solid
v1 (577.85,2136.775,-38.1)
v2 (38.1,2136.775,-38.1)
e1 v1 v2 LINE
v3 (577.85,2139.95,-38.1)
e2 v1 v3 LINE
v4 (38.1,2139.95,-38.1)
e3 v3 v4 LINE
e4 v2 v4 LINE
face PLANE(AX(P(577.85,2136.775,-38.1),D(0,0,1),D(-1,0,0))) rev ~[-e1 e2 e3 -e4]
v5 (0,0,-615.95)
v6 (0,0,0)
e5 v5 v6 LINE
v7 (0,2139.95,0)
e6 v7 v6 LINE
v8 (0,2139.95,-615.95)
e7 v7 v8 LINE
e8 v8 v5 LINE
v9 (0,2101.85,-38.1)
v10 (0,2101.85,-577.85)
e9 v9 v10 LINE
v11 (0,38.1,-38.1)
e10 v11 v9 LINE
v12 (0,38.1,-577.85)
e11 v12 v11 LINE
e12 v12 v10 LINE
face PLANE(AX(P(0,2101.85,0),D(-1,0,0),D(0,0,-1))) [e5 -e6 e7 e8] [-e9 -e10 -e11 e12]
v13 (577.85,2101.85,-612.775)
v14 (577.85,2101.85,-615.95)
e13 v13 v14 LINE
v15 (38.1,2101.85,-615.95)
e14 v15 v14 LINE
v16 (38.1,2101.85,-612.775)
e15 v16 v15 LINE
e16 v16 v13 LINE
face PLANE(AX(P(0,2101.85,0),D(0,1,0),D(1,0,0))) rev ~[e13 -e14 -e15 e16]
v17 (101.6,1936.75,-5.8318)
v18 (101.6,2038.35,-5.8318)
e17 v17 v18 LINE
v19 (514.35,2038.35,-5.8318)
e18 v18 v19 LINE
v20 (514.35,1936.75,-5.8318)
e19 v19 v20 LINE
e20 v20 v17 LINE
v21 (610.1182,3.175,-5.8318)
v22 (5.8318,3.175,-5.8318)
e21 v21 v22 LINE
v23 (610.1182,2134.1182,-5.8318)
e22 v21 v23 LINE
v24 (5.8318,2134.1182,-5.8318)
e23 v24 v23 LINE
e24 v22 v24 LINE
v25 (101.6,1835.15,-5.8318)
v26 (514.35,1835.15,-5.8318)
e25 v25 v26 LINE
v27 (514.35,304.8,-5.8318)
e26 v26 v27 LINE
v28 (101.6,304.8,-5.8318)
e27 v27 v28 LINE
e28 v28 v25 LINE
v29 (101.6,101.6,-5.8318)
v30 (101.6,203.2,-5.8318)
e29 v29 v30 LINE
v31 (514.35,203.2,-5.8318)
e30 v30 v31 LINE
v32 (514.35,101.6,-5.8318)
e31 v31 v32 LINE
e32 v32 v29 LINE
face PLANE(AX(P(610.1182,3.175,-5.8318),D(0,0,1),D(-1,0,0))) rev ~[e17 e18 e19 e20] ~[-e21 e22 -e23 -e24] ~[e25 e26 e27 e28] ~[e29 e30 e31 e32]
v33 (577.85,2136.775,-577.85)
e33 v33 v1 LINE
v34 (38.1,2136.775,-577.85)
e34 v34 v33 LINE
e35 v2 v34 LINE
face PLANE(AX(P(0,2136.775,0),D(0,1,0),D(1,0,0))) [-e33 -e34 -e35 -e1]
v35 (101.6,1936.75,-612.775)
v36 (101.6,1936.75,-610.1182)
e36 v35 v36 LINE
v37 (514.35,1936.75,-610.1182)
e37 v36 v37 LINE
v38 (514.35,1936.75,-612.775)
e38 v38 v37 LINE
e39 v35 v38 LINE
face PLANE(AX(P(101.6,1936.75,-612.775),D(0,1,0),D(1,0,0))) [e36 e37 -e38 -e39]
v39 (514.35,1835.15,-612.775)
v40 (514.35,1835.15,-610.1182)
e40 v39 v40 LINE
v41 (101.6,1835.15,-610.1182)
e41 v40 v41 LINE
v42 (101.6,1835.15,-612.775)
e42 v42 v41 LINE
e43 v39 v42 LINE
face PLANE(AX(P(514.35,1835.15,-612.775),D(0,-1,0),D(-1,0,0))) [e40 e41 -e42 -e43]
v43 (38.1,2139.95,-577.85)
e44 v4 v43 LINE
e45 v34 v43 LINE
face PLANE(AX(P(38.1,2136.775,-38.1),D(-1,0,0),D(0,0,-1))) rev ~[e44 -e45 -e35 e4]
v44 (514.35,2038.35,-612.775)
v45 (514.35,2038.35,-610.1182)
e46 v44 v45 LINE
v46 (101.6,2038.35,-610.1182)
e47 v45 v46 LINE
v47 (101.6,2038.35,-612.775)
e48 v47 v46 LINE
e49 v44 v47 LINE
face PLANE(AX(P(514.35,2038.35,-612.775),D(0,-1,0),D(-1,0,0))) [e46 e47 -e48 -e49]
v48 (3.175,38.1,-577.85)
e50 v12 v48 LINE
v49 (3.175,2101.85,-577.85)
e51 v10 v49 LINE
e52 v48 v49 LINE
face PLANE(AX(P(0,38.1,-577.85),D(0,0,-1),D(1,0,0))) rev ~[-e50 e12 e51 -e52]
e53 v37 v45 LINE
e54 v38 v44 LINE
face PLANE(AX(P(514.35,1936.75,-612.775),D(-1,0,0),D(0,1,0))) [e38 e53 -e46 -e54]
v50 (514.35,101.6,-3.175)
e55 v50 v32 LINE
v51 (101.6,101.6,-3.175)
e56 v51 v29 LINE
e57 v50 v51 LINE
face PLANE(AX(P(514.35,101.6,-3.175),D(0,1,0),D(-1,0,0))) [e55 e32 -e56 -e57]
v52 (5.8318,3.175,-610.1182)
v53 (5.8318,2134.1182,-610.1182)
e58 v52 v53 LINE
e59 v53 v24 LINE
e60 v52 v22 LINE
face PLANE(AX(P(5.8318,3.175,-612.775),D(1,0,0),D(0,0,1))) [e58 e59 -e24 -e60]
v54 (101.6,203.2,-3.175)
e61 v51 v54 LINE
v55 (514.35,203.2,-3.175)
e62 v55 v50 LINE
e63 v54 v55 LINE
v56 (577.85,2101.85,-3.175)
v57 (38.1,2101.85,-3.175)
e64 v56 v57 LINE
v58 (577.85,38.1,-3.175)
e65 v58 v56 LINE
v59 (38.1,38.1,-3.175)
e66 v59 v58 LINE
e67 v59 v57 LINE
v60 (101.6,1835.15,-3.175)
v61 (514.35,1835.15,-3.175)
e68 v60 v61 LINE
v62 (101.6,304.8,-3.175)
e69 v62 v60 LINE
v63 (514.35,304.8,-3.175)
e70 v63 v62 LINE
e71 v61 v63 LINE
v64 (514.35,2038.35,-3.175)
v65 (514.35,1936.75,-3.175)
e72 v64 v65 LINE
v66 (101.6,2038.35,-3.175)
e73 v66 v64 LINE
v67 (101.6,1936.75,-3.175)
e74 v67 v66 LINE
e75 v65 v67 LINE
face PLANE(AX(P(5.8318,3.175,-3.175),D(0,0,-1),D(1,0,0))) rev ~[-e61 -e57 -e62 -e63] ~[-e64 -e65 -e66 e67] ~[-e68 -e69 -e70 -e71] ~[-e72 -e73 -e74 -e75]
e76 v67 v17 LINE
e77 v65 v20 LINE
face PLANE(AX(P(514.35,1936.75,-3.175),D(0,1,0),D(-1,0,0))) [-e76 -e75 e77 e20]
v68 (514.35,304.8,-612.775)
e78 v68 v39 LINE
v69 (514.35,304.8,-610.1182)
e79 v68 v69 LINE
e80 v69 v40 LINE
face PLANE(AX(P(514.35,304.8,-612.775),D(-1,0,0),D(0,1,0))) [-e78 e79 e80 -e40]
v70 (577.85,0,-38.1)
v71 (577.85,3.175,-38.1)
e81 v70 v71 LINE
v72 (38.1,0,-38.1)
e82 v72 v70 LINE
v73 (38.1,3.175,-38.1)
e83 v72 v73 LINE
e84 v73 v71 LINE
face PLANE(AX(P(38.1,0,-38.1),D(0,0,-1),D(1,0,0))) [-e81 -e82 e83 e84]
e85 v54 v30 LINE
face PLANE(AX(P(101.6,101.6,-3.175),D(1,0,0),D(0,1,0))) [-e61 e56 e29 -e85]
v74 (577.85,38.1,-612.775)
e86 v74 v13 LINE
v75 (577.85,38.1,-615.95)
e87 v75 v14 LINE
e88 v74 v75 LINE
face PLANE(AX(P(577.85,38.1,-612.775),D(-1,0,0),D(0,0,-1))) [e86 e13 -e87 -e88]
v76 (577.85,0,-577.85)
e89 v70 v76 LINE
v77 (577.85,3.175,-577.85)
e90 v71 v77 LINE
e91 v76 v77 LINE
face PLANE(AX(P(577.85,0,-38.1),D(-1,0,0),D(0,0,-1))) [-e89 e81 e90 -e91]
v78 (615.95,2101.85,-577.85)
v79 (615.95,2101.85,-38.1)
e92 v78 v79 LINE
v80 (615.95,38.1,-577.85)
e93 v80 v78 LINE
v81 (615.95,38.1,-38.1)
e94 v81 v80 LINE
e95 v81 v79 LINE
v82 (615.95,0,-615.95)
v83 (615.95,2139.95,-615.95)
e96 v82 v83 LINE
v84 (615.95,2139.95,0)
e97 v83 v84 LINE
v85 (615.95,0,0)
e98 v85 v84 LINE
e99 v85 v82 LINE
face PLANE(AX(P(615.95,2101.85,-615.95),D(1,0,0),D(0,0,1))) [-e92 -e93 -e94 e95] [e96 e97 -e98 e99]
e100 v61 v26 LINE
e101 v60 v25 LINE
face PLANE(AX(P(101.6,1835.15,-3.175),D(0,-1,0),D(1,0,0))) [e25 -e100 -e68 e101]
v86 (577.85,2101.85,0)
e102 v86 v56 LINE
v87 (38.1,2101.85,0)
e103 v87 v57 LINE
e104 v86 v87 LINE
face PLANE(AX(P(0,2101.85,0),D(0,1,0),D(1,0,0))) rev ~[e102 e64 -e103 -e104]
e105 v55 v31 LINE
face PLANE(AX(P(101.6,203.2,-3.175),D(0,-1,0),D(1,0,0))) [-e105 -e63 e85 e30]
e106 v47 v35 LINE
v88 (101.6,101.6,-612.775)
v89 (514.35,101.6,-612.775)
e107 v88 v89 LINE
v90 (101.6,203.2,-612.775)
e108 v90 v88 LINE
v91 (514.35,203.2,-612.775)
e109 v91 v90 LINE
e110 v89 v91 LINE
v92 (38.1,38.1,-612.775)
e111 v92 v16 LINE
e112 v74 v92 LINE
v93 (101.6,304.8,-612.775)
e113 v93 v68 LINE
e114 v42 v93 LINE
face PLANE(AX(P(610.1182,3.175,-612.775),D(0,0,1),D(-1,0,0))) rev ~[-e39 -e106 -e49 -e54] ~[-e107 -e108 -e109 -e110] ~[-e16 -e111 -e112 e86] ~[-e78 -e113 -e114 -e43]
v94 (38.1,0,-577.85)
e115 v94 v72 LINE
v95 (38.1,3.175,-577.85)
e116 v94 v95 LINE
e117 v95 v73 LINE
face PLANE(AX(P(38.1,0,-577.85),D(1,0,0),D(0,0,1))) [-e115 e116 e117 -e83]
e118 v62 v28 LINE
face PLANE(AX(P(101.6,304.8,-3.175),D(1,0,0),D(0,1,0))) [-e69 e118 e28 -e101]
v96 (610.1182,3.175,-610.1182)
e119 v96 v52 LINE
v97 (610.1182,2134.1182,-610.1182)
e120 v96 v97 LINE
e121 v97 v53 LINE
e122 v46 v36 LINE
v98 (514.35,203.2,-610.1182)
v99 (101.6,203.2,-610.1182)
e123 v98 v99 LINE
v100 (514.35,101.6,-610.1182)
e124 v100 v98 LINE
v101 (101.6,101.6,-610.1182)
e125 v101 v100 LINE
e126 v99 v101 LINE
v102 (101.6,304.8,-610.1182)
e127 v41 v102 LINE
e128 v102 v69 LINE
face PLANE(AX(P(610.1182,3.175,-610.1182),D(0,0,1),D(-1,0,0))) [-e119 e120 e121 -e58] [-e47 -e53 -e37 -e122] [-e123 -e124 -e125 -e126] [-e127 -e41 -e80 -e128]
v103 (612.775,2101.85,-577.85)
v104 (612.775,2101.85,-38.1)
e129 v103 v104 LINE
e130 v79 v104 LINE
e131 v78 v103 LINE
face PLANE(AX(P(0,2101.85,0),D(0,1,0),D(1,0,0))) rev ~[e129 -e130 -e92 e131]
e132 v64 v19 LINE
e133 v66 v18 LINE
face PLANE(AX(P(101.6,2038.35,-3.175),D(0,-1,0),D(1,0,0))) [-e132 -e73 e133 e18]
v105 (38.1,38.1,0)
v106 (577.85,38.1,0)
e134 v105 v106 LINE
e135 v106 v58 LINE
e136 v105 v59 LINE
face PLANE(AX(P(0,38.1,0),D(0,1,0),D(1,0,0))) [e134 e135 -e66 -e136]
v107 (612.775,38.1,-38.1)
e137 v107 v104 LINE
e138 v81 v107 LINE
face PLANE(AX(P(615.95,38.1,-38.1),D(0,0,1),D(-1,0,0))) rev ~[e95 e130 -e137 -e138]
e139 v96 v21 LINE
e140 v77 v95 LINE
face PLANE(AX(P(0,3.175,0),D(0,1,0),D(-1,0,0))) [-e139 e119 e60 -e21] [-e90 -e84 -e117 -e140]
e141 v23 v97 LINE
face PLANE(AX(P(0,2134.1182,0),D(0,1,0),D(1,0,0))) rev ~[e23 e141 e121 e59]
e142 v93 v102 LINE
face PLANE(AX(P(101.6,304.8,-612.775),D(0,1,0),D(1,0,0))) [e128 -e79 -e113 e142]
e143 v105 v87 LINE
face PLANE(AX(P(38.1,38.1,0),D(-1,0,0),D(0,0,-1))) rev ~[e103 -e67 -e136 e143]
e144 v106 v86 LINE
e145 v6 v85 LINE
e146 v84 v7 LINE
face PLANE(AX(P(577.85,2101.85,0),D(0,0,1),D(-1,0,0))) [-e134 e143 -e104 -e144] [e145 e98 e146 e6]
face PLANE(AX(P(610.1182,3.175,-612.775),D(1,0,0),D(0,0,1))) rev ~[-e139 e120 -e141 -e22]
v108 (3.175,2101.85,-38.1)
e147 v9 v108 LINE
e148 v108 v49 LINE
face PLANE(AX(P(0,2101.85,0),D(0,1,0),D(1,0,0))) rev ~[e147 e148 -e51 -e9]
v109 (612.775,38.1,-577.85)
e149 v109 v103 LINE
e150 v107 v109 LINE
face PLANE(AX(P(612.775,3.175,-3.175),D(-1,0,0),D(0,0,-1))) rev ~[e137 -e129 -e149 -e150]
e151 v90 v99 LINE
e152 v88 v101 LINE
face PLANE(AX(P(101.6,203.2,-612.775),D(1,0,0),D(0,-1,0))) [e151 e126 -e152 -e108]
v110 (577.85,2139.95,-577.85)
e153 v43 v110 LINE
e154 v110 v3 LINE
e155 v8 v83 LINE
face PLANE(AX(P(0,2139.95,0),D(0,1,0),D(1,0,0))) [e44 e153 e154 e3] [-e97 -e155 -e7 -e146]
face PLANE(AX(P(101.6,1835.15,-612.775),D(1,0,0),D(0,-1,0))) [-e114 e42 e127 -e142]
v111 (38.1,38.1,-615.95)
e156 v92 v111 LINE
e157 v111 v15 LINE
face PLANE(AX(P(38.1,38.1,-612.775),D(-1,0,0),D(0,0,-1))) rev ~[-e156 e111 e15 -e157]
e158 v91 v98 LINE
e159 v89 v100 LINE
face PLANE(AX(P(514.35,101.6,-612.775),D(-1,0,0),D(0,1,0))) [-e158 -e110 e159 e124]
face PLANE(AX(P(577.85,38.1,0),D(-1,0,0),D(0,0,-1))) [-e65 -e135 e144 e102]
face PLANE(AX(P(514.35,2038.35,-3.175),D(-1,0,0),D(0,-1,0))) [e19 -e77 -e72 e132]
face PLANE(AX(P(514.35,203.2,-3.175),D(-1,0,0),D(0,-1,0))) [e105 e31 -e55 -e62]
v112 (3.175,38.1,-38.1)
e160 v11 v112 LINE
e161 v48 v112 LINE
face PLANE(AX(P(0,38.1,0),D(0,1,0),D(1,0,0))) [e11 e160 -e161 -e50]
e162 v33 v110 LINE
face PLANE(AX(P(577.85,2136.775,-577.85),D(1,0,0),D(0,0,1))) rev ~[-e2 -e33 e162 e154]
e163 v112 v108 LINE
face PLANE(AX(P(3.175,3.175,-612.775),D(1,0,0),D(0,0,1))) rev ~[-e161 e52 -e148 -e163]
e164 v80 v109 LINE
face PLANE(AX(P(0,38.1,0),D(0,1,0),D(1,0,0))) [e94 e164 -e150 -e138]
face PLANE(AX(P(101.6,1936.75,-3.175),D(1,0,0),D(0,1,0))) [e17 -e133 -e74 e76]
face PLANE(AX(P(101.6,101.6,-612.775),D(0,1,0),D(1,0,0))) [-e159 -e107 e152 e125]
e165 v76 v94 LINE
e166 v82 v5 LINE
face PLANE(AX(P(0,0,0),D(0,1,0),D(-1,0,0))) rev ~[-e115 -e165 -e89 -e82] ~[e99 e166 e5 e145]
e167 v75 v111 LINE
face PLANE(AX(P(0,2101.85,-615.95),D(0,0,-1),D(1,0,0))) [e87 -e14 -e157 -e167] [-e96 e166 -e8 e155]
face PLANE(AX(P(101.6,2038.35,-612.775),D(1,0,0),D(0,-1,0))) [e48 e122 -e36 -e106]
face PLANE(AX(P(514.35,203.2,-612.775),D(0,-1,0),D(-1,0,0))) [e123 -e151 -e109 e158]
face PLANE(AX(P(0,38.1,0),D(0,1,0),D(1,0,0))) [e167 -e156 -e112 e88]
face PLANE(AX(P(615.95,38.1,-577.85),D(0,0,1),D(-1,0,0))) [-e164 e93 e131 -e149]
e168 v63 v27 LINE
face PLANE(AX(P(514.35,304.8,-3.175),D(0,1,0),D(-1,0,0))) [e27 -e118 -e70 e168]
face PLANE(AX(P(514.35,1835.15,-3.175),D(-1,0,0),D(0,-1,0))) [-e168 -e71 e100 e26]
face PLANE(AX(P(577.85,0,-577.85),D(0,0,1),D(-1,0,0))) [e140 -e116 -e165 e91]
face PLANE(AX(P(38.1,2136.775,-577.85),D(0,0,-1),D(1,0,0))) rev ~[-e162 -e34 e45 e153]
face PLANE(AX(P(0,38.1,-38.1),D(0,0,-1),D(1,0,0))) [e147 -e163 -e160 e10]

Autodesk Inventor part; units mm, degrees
ref_plane "YZ Plane" through (0, 0, 0) normal (1, 0, 0) x (0, 1, 0)
ref_plane "XZ Plane" through (0, 0, 0) normal (0, 1, 0) x (-1, 0, 0)
sketch "Sketch1" plane through (0, 0, 0) normal (0, 1, 0) x (-1, 0, 0)
  line L0 (0, 0) -> (-615.95, 0)
  line L1 (-615.95, 0) -> (-615.95, -615.95)
  line L2 (-615.95, -615.95) -> (0, -615.95)
  line L3 (0, -615.95) -> (0, 0)
  line L4 (-38.1, -38.1) -> (-577.85, -38.1)
  line L5 (-577.85, -38.1) -> (-577.85, -577.85)
  line L6 (-577.85, -577.85) -> (-38.1, -577.85)
  line L7 (-38.1, -577.85) -> (-38.1, -38.1)
  dimension "d0" = 615.95
  dimension "d2" = 615.95
  dimension "d3" = 38.1
  dimension "d4" = 38.1
  dimension "d5" = 38.1
  dimension "d6" = 38.1
extrude "Extrusion1" add sketch "Sketch1" along normal blind 3.175
sketch "Sketch2" plane through (0, 3.175, 0) normal (0, 1, 0) x (1, 0, 0)
  line L0 (0, 0) -> (615.95, 0) projected
  line L1 (615.95, 0) -> (615.95, 615.95) projected
  line L2 (0, 0) -> (615.95, 0)
  line L3 (615.95, 0) -> (615.95, 615.95)
  line L4 (615.95, 615.95) -> (0, 615.95)
  line L5 (0, 615.95) -> (0, 0)
  line L6 (3.175, 3.175) -> (612.775, 3.175)
  line L7 (612.775, 3.175) -> (612.775, 612.775)
  line L8 (612.775, 612.775) -> (3.175, 612.775)
  line L9 (3.175, 612.775) -> (3.175, 3.175)
  dimension "d9" = 3.175
  dimension "d11" = 3.175
  dimension "d12" = 3.175
  dimension "d13" = 3.175
extrude "Extrusion2" add sketch "Sketch2" along normal blind 34.925
sketch "Sketch3" plane through (0, 38.1, 0) normal (0, 1, 0) x (1, 0, 0)
  line L0 (3.175, 3.175) -> (3.175, 612.775) projected
  line L1 (612.775, 3.175) -> (3.175, 3.175) projected
  line L2 (0, 0) -> (615.95, 0) projected
  line L3 (0, 615.95) -> (0, 0) projected
  line L4 (3.175, 3.175) -> (3.175, 38.1)
  line L5 (0, 38.1) -> (0, 0)
  line L6 (38.1, 0) -> (38.1, 3.175)
  line L7 (0, 38.1) -> (3.175, 38.1)
  dimension "d16" = 38.1
  dimension "d17" = 38.1
  dimension "d18" = 38.1
extrude "Extrusion3" add sketch "Sketch3" along normal blind 2063.75
sketch "Sketch4" plane through (0, 38.1, 0) normal (0, 1, 0) x (1, 0, 0)
  line L0 (612.775, 612.775) -> (612.775, 3.175) projected
  line L1 (612.775, 3.175) -> (38.1, 3.175) projected
  line L2 (38.1, 0) -> (615.95, 0) projected
  line L3 (615.95, 0) -> (615.95, 615.95) projected
  line L4 (612.775, 3.175) -> (577.85, 3.175)
  line L5 (577.85, 0) -> (615.95, 0)
  line L6 (615.95, 38.1) -> (612.775, 38.1)
  line L7 (577.85, 0) -> (577.85, 3.175)
  point P0 (0, 0)
  dimension "d21" = 38.1
  dimension "d22" = 38.1
  dimension "d23" = 34.925
extrude "Extrusion4" add sketch "Sketch4" along normal blind 2063.75
sketch "Sketch5" plane through (0, 38.1, 0) normal (0, 1, 0) x (1, 0, 0)
  line L0 (615.95, 38.1) -> (615.95, 615.95) projected
  line L1 (615.95, 615.95) -> (0, 615.95) projected
  line L2 (3.175, 612.775) -> (612.775, 612.775) projected
  line L3 (612.775, 612.775) -> (612.775, 38.1) projected
  line L4 (612.775, 612.775) -> (577.85, 612.775)
  line L5 (577.85, 615.95) -> (615.95, 615.95)
  line L6 (615.95, 577.85) -> (612.775, 577.85)
  line L7 (577.85, 612.775) -> (577.85, 615.95)
  point P0 (0, 0)
  dimension "d26" = 38.1
  dimension "d27" = 38.1
  dimension "d28" = 38.1
extrude "Extrusion5" add sketch "Sketch5" along normal blind 2063.75
sketch "Sketch6" plane through (0, 38.1, 0) normal (0, 1, 0) x (1, 0, 0)
  line L0 (577.85, 615.95) -> (0, 615.95) projected
  line L1 (0, 615.95) -> (0, 38.1) projected
  line L2 (3.175, 38.1) -> (3.175, 612.775) projected
  line L3 (3.175, 612.775) -> (577.85, 612.775) projected
  line L4 (0, 615.95) -> (0, 577.85)
  line L5 (3.175, 577.85) -> (3.175, 612.775)
  line L6 (38.1, 612.775) -> (38.1, 615.95)
  line L7 (0, 577.85) -> (3.175, 577.85)
  point P0 (0, 0)
  dimension "d31" = 38.1
  dimension "d32" = 38.1
  dimension "d33" = 38.1
extrude "Extrusion6" add sketch "Sketch6" along normal blind 2063.75
sketch "Sketch7" plane through (0, 3.175, 0) normal (0, 1, 0) x (1, 0, 0)
  line L0 (3.175, 612.775) -> (3.175, 3.175) projected
  line L1 (3.175, 612.775) -> (5.8318, 612.775)
  line L2 (5.8318, 612.775) -> (5.8318, 3.175)
  line L3 (5.8318, 3.175) -> (3.175, 3.175)
  line L4 (3.175, 3.175) -> (3.175, 612.775)
  point P0 (0, 0)
  dimension "d36" = 609.6
  dimension "d38" = 2.6568
extrude "Extrusion7" add sketch "Sketch7" along normal blind 2133.6
sketch "Sketch8" plane through (0, 3.175, 0) normal (0, 1, 0) x (1, 0, 0)
  line L0 (612.775, 3.175) -> (612.775, 612.775) projected
  line L1 (612.775, 612.775) -> (610.1182, 612.775)
  line L2 (610.1182, 612.775) -> (610.1182, 3.175)
  line L3 (610.1182, 3.175) -> (612.775, 3.175)
  line L4 (612.775, 3.175) -> (612.775, 612.775)
  point P0 (0, 0)
  dimension "d41" = 609.6
  dimension "d43" = 2.6568
extrude "Extrusion8" add sketch "Sketch8" along normal blind 2133.6
sketch "Sketch9" plane through (0, 3.175, 0) normal (0, 1, 0) x (1, 0, 0)
  line L0 (610.1182, 612.775) -> (5.8318, 612.775) projected
  line L1 (5.8318, 612.775) -> (610.1182, 612.775)
  line L2 (610.1182, 612.775) -> (610.1182, 610.1182)
  line L3 (610.1182, 610.1182) -> (5.8318, 610.1182)
  line L4 (5.8318, 610.1182) -> (5.8318, 612.775)
  point P0 (0, 0)
  dimension "d46" = 604.2863
  dimension "d48" = 2.6568
extrude "Extrusion9" add sketch "Sketch9" along normal blind 2133.6
sketch "Sketch10" plane through (0, 3.175, 0) normal (0, 1, 0) x (1, 0, 0)
  line L0 (5.8318, 3.175) -> (610.1182, 3.175) projected
  line L1 (5.8318, 3.175) -> (610.1182, 3.175)
  line L2 (610.1182, 3.175) -> (610.1182, 5.8318)
  line L3 (610.1182, 5.8318) -> (5.8318, 5.8318)
  line L4 (5.8318, 5.8318) -> (5.8318, 3.175)
  point P0 (0, 0)
  dimension "d51" = 604.2863
  dimension "d53" = 2.6568
extrude "Extrusion10" add sketch "Sketch10" along normal blind 2133.6
sketch "Sketch11" plane through (0, 2101.85, 0) normal (0, 1, 0) x (1, 0, 0)
  line L0 (577.85, 0) -> (615.95, 0) projected
  line L1 (612.775, 38.1) -> (612.775, 3.175) projected
  line L2 (615.95, 0) -> (0, 0)
  line L3 (0, 0) -> (0, 615.95)
  line L4 (0, 615.95) -> (615.95, 615.95)
  line L5 (615.95, 615.95) -> (615.95, 0)
  line L6 (612.775, 3.175) -> (3.175, 3.175)
  line L7 (3.175, 3.175) -> (3.175, 612.775)
  line L8 (3.175, 612.775) -> (612.775, 612.775)
  line L9 (612.775, 612.775) -> (612.775, 3.175)
  point P0 (0, 0)
  dimension "d56" = 615.95
  dimension "d58" = 615.95
  dimension "d59" = 609.6
  dimension "d60" = 609.6
extrude "Extrusion11" add sketch "Sketch11" along normal blind 38.1
sketch "Sketch12" plane through (0, 2136.775, 0) normal (0, 1, 0) x (1, 0, 0)
  line L0 (3.175, 612.775) -> (3.175, 3.175) projected
  line L1 (3.175, 612.775) -> (612.775, 612.775)
  line L2 (612.775, 612.775) -> (612.775, 3.175)
  line L3 (612.775, 3.175) -> (3.175, 3.175)
  line L4 (3.175, 3.175) -> (3.175, 612.775)
  line L5 (38.1, 577.85) -> (577.85, 577.85)
  line L6 (577.85, 577.85) -> (577.85, 38.1)
  line L7 (577.85, 38.1) -> (38.1, 38.1)
  line L8 (38.1, 38.1) -> (38.1, 577.85)
  line L9 (0, 615.95) -> (0, 0) projected
  line L10 (615.95, 615.95) -> (0, 615.95) projected
  dimension "d63" = 609.6
  dimension "d65" = 609.6
  dimension "d66" = 38.1
  dimension "d67" = 38.1
  dimension "d68" = 539.75
  dimension "d69" = 539.75
extrude "Extrusion12" add sketch "Sketch12" along normal blind 3.175
ref_plane "Work Plane1" through (0, 2134.1182, 0) normal (0, 1, 0) x (1, 0, 0)
sketch "Sketch13" plane through (0, 2134.1182, 0) normal (0, 1, 0) x (1, 0, 0)
  line L0 (5.8318, 5.8318) -> (610.1182, 5.8318)
  line L1 (610.1182, 5.8318) -> (610.1182, 610.1182)
  line L2 (610.1182, 610.1182) -> (5.8318, 610.1182)
  line L3 (5.8318, 610.1182) -> (5.8318, 5.8318)
  line L4 (0, 0) -> (615.95, 0) projected
  line L5 (0, 615.95) -> (0, 0) projected
  dimension "d73" = 5.8318
  dimension "d74" = 5.8318
  dimension "d75" = 604.2863
  dimension "d76" = 604.2863
extrude "Extrusion13" add sketch "Sketch13" along normal blind 2.6568
sketch "Sketch14" plane through (38.1, 38.1, -3.175) normal (0, 0, 1) x (1, 0, 0)
  line L0 (539.75, 2063.75) -> (0, 2063.75) projected
  line L1 (0, 0) -> (0, 2063.75) projected
  line L2 (539.75, 0) -> (0, 0) projected
  line L3 (539.75, 0) -> (539.75, 2063.75) projected
  line L4 (63.5, 2000.25) -> (476.25, 2000.25)
  line L5 (476.25, 2000.25) -> (476.25, 1898.65)
  line L6 (476.25, 1898.65) -> (63.5, 1898.65)
  line L7 (63.5, 1898.65) -> (63.5, 2000.25)
  line L8 (63.5, 1797.05) -> (476.25, 1797.05)
  line L9 (476.25, 1797.05) -> (476.25, 266.7)
  line L10 (476.25, 266.7) -> (63.5, 266.7)
  line L11 (63.5, 266.7) -> (63.5, 1797.05)
  line L12 (63.5, 165.1) -> (476.25, 165.1)
  line L13 (476.25, 165.1) -> (476.25, 63.5)
  line L14 (476.25, 63.5) -> (63.5, 63.5)
  line L15 (63.5, 63.5) -> (63.5, 165.1)
  point P0 (-38.1, -38.1)
  dimension "d79" = 63.5
  dimension "d80" = 63.5
  dimension "d81" = 63.5
  dimension "d82" = 101.6
  dimension "d83" = 101.6
  dimension "d84" = 0
  dimension "d85" = 0
  dimension "d86" = 63.5
  dimension "d87" = 101.6
  dimension "d88" = 101.6
  dimension "d89" = 0
  dimension "d90" = 0
extrude "Extrusion14" cut sketch "Sketch14" against normal blind 2.6568 contours L4 L5 L6 L7 | L8 L9 L10 L11 | L12 L13 L14 L15
sketch "Sketch15" plane through (577.85, 38.1, -612.775) normal (0, 0, -1) x (-1, 0, 0)
  line L0 (539.75, 2063.75) -> (0, 2063.75) projected
  line L1 (0, 0) -> (0, 2063.75) projected
  line L2 (539.75, 0) -> (0, 0) projected
  line L3 (539.75, 0) -> (539.75, 2063.75) projected
  line L4 (63.5, 2000.25) -> (476.25, 2000.25)
  line L5 (476.25, 2000.25) -> (476.25, 1898.65)
  line L6 (476.25, 1898.65) -> (63.5, 1898.65)
  line L7 (63.5, 1898.65) -> (63.5, 2000.25)
  line L8 (63.5, 1797.05) -> (476.25, 1797.05)
  line L9 (476.25, 1797.05) -> (476.25, 266.7)
  line L10 (476.25, 266.7) -> (63.5, 266.7)
  line L11 (63.5, 266.7) -> (63.5, 1797.05)
  line L12 (63.5, 165.1) -> (476.25, 165.1)
  line L13 (476.25, 165.1) -> (476.25, 63.5)
  line L14 (476.25, 63.5) -> (63.5, 63.5)
  line L15 (63.5, 63.5) -> (63.5, 165.1)
  point P0 (577.85, -38.1)
  dimension "d93" = 63.5
  dimension "d94" = 63.5
  dimension "d95" = 63.5
  dimension "d96" = 101.6
  dimension "d97" = 101.6
  dimension "d98" = 0
  dimension "d99" = 0
  dimension "d100" = 101.6
  dimension "d101" = 101.6
  dimension "d102" = 63.5
  dimension "d103" = 0
  dimension "d104" = 0
extrude "Extrusion15" cut sketch "Sketch15" against normal blind 2.6568 contours L4 L5 L6 L7 | L8 L9 L10 L11 | L12 L13 L14 L15
properties part number "Cabinet_2x2x7"
